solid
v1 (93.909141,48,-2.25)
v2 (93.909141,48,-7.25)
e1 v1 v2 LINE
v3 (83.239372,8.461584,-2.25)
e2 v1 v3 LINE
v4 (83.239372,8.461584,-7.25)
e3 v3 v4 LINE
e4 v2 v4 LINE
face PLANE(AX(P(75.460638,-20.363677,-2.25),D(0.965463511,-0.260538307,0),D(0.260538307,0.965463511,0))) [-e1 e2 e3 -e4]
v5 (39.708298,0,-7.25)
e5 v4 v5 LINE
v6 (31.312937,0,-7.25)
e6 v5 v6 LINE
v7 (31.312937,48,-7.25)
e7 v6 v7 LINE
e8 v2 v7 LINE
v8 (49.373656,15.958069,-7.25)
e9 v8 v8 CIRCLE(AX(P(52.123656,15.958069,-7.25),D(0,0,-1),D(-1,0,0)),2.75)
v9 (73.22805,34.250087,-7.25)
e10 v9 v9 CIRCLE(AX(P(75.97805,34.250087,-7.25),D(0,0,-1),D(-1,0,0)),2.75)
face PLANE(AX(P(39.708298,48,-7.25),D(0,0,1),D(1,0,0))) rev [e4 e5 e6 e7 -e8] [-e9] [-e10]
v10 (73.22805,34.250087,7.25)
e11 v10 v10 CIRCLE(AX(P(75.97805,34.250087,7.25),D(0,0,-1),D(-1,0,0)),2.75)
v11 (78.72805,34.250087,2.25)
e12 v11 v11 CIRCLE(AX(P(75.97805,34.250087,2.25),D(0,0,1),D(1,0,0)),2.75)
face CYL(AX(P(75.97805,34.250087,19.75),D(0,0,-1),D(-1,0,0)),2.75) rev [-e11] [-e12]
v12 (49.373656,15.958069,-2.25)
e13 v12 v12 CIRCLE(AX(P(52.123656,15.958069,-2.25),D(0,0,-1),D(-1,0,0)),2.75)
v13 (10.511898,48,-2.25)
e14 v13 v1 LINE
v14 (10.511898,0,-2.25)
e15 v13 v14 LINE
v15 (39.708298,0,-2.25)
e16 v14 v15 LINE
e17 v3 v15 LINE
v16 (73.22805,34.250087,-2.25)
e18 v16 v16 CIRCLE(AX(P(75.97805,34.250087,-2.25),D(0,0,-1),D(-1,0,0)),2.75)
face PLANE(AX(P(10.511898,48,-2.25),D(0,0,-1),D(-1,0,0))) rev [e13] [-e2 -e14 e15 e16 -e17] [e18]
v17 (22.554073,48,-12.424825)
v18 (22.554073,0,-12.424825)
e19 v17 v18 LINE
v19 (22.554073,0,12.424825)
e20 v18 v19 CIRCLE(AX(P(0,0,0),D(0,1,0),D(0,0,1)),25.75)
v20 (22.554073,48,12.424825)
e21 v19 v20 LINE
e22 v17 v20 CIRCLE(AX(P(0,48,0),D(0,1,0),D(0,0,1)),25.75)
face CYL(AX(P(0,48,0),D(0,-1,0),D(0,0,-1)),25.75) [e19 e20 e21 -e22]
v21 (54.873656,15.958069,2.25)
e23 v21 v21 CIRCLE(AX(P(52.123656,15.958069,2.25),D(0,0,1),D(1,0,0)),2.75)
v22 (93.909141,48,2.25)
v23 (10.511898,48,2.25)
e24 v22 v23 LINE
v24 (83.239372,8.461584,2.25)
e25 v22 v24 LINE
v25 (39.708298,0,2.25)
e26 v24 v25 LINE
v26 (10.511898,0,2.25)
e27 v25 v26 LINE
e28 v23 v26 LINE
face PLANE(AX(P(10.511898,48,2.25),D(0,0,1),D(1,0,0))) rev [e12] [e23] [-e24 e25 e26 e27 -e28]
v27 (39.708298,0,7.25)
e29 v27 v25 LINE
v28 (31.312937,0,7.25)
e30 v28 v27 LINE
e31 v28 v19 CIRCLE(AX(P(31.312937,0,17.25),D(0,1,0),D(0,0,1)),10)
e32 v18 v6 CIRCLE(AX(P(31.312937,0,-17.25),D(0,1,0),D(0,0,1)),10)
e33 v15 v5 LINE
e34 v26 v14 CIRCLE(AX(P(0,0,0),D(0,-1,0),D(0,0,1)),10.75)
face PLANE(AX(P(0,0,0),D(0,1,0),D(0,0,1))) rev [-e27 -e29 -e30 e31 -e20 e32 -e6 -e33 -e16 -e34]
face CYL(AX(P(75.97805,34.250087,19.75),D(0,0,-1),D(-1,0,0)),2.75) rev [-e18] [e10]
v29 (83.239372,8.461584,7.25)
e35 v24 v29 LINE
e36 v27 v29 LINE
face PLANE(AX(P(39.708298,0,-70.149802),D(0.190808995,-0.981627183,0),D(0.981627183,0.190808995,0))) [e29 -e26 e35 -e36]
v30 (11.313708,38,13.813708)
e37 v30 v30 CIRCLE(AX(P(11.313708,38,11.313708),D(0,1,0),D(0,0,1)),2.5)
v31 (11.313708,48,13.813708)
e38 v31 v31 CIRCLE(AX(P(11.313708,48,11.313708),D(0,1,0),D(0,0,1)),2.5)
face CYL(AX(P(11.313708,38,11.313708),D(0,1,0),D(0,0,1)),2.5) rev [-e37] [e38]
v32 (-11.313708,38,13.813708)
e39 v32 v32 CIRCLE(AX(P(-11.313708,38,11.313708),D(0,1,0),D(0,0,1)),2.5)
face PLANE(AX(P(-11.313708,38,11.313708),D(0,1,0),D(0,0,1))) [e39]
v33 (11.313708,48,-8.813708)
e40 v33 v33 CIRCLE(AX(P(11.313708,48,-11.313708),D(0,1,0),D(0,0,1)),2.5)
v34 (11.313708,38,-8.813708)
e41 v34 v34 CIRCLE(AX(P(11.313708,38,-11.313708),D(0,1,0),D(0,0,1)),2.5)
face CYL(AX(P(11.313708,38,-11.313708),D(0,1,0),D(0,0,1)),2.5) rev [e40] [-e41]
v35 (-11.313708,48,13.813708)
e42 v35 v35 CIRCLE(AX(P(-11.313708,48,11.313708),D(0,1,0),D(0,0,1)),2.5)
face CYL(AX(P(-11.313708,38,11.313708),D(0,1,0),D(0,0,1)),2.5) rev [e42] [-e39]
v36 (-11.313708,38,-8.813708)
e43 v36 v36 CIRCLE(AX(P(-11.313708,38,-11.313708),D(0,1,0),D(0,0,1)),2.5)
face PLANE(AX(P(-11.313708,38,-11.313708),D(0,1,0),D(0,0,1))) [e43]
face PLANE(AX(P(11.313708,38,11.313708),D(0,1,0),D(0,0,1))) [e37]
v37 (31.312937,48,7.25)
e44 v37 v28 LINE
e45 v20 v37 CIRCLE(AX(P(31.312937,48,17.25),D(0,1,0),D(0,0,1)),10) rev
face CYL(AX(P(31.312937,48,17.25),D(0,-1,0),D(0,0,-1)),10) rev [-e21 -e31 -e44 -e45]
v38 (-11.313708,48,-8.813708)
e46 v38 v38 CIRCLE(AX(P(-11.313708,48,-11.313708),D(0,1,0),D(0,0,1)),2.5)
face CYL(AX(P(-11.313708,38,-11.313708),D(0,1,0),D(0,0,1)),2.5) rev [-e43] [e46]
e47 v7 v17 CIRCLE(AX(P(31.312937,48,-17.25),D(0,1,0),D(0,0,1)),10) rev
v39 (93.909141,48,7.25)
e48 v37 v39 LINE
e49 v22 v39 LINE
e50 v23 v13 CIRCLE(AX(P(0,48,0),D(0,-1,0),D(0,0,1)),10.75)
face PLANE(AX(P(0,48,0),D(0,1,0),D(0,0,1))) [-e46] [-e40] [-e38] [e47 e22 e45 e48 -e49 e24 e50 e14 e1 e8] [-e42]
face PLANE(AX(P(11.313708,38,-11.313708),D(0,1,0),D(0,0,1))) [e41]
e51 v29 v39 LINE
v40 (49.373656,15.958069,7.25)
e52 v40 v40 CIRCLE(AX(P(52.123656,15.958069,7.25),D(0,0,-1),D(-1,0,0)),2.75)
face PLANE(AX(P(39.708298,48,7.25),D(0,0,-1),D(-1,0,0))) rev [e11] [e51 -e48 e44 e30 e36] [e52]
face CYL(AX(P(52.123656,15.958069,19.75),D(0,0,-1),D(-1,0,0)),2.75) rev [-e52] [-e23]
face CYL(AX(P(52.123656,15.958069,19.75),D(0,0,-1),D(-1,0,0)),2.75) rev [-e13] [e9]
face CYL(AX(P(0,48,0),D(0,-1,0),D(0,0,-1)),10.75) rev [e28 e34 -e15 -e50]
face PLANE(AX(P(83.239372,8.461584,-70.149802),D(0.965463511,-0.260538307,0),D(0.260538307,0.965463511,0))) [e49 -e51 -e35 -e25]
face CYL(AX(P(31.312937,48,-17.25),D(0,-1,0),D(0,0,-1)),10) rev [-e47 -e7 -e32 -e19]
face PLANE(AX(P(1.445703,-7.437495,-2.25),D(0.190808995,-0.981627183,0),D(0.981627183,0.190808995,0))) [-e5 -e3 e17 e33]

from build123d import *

# Parameters (mm, degrees)
BOSS_EXTRUDE1_DEPTH = 48
FILLET1_R           = 10
SKETCH5_R           = 2.5
CUT_EXTRUDE3_DEPTH  = 10
BOSS_EXTRUDE2_DEPTH = 5
BOSS_EXTRUDE3_DEPTH = 5
SKETCH8_R           = 2.75
CUT_EXTRUDE4_DEPTH  = 27


with BuildPart() as part:
    # Sketch1 → Boss-Extrude1 (new body)
    with BuildSketch(Plane(origin=(0, 0, 0), x_dir=(1, 0, 0), z_dir=(0, 1, 0))):
        with BuildLine():
            Line((10.511898021, 2.25), (39.708298201, 2.25))
            Line((39.708298201, 2.25), (39.708298201, 7.25))
            Line((39.708298201, 7.25), (24.708298201, 7.25))
            ThreePointArc((24.708298201, 7.25), (-25.75, 0), (24.708298201, -7.25))
            Line((24.708298201, -7.25), (39.708298201, -7.25))
            Line((39.708298201, -7.25), (39.708298201, -2.25))
            Line((39.708298201, -2.25), (10.511898021, -2.25))
            ThreePointArc((10.511898021, -2.25), (-10.75, 0), (10.511898021, 2.25))
        make_face()
    extrude(amount=BOSS_EXTRUDE1_DEPTH)

    # Fillet1
    fillet1_edges = [part.edges().sort_by_distance(p)[0] for p in [
        (24.708298201, 24, 7.25),
        (24.708298201, 24, -7.25),
    ]]
    fillet(fillet1_edges, radius=FILLET1_R)

    # Sketch5 → Cut-Extrude3 (cut)
    with BuildSketch(Plane(origin=(0, 48, 0), x_dir=(1, 0, 0), z_dir=(0, 1, 0))):
        with Locations(Location((-11.313708499, 11.313708499, 0), (0, 0, 270))):
            Circle(SKETCH5_R)
        with Locations(Location((-11.313708499, -11.313708499, 0), (0, 0, 270))):
            Circle(SKETCH5_R)
        with Locations(Location((11.313708499, -11.313708499, 0), (0, 0, 270))):
            Circle(SKETCH5_R)
        with Locations(Location((11.313708499, 11.313708499, 0), (0, 0, 270))):
            Circle(SKETCH5_R)
    extrude(amount=-CUT_EXTRUDE3_DEPTH, mode=Mode.SUBTRACT)

    # Sketch6 → Boss-Extrude2 (add)
    with BuildSketch(Plane.XY.offset(7.25)):
        Polygon((39.708298201, 0), (83.239372469, 8.461583673), (93.909140843, 48), (39.708298201, 48), align=None)
    extrude(amount=-BOSS_EXTRUDE2_DEPTH)

    # Sketch7 → Boss-Extrude3 (add)
    with BuildSketch(Plane(origin=(0, 0, -7.25), x_dir=(-1, 0, 0), z_dir=(0, 0, -1))):
        Polygon((-83.239372469, 8.461583673), (-39.708298201, 0), (-39.708298201, 48), (-93.909140843, 48), align=None)
    extrude(amount=-BOSS_EXTRUDE3_DEPTH)

    # Sketch8 → Cut-Extrude4 (cut)
    with BuildSketch(Plane(origin=(0, 0, -7.25), x_dir=(-1, 0, 0), z_dir=(0, 0, -1))):
        with Locations((-75.978050137, 34.250087132)):
            Circle(SKETCH8_R)
        with Locations((-52.123656454, 15.958069092)):
            Circle(SKETCH8_R)
    extrude(amount=-CUT_EXTRUDE4_DEPTH, mode=Mode.SUBTRACT)


solid = part.part
